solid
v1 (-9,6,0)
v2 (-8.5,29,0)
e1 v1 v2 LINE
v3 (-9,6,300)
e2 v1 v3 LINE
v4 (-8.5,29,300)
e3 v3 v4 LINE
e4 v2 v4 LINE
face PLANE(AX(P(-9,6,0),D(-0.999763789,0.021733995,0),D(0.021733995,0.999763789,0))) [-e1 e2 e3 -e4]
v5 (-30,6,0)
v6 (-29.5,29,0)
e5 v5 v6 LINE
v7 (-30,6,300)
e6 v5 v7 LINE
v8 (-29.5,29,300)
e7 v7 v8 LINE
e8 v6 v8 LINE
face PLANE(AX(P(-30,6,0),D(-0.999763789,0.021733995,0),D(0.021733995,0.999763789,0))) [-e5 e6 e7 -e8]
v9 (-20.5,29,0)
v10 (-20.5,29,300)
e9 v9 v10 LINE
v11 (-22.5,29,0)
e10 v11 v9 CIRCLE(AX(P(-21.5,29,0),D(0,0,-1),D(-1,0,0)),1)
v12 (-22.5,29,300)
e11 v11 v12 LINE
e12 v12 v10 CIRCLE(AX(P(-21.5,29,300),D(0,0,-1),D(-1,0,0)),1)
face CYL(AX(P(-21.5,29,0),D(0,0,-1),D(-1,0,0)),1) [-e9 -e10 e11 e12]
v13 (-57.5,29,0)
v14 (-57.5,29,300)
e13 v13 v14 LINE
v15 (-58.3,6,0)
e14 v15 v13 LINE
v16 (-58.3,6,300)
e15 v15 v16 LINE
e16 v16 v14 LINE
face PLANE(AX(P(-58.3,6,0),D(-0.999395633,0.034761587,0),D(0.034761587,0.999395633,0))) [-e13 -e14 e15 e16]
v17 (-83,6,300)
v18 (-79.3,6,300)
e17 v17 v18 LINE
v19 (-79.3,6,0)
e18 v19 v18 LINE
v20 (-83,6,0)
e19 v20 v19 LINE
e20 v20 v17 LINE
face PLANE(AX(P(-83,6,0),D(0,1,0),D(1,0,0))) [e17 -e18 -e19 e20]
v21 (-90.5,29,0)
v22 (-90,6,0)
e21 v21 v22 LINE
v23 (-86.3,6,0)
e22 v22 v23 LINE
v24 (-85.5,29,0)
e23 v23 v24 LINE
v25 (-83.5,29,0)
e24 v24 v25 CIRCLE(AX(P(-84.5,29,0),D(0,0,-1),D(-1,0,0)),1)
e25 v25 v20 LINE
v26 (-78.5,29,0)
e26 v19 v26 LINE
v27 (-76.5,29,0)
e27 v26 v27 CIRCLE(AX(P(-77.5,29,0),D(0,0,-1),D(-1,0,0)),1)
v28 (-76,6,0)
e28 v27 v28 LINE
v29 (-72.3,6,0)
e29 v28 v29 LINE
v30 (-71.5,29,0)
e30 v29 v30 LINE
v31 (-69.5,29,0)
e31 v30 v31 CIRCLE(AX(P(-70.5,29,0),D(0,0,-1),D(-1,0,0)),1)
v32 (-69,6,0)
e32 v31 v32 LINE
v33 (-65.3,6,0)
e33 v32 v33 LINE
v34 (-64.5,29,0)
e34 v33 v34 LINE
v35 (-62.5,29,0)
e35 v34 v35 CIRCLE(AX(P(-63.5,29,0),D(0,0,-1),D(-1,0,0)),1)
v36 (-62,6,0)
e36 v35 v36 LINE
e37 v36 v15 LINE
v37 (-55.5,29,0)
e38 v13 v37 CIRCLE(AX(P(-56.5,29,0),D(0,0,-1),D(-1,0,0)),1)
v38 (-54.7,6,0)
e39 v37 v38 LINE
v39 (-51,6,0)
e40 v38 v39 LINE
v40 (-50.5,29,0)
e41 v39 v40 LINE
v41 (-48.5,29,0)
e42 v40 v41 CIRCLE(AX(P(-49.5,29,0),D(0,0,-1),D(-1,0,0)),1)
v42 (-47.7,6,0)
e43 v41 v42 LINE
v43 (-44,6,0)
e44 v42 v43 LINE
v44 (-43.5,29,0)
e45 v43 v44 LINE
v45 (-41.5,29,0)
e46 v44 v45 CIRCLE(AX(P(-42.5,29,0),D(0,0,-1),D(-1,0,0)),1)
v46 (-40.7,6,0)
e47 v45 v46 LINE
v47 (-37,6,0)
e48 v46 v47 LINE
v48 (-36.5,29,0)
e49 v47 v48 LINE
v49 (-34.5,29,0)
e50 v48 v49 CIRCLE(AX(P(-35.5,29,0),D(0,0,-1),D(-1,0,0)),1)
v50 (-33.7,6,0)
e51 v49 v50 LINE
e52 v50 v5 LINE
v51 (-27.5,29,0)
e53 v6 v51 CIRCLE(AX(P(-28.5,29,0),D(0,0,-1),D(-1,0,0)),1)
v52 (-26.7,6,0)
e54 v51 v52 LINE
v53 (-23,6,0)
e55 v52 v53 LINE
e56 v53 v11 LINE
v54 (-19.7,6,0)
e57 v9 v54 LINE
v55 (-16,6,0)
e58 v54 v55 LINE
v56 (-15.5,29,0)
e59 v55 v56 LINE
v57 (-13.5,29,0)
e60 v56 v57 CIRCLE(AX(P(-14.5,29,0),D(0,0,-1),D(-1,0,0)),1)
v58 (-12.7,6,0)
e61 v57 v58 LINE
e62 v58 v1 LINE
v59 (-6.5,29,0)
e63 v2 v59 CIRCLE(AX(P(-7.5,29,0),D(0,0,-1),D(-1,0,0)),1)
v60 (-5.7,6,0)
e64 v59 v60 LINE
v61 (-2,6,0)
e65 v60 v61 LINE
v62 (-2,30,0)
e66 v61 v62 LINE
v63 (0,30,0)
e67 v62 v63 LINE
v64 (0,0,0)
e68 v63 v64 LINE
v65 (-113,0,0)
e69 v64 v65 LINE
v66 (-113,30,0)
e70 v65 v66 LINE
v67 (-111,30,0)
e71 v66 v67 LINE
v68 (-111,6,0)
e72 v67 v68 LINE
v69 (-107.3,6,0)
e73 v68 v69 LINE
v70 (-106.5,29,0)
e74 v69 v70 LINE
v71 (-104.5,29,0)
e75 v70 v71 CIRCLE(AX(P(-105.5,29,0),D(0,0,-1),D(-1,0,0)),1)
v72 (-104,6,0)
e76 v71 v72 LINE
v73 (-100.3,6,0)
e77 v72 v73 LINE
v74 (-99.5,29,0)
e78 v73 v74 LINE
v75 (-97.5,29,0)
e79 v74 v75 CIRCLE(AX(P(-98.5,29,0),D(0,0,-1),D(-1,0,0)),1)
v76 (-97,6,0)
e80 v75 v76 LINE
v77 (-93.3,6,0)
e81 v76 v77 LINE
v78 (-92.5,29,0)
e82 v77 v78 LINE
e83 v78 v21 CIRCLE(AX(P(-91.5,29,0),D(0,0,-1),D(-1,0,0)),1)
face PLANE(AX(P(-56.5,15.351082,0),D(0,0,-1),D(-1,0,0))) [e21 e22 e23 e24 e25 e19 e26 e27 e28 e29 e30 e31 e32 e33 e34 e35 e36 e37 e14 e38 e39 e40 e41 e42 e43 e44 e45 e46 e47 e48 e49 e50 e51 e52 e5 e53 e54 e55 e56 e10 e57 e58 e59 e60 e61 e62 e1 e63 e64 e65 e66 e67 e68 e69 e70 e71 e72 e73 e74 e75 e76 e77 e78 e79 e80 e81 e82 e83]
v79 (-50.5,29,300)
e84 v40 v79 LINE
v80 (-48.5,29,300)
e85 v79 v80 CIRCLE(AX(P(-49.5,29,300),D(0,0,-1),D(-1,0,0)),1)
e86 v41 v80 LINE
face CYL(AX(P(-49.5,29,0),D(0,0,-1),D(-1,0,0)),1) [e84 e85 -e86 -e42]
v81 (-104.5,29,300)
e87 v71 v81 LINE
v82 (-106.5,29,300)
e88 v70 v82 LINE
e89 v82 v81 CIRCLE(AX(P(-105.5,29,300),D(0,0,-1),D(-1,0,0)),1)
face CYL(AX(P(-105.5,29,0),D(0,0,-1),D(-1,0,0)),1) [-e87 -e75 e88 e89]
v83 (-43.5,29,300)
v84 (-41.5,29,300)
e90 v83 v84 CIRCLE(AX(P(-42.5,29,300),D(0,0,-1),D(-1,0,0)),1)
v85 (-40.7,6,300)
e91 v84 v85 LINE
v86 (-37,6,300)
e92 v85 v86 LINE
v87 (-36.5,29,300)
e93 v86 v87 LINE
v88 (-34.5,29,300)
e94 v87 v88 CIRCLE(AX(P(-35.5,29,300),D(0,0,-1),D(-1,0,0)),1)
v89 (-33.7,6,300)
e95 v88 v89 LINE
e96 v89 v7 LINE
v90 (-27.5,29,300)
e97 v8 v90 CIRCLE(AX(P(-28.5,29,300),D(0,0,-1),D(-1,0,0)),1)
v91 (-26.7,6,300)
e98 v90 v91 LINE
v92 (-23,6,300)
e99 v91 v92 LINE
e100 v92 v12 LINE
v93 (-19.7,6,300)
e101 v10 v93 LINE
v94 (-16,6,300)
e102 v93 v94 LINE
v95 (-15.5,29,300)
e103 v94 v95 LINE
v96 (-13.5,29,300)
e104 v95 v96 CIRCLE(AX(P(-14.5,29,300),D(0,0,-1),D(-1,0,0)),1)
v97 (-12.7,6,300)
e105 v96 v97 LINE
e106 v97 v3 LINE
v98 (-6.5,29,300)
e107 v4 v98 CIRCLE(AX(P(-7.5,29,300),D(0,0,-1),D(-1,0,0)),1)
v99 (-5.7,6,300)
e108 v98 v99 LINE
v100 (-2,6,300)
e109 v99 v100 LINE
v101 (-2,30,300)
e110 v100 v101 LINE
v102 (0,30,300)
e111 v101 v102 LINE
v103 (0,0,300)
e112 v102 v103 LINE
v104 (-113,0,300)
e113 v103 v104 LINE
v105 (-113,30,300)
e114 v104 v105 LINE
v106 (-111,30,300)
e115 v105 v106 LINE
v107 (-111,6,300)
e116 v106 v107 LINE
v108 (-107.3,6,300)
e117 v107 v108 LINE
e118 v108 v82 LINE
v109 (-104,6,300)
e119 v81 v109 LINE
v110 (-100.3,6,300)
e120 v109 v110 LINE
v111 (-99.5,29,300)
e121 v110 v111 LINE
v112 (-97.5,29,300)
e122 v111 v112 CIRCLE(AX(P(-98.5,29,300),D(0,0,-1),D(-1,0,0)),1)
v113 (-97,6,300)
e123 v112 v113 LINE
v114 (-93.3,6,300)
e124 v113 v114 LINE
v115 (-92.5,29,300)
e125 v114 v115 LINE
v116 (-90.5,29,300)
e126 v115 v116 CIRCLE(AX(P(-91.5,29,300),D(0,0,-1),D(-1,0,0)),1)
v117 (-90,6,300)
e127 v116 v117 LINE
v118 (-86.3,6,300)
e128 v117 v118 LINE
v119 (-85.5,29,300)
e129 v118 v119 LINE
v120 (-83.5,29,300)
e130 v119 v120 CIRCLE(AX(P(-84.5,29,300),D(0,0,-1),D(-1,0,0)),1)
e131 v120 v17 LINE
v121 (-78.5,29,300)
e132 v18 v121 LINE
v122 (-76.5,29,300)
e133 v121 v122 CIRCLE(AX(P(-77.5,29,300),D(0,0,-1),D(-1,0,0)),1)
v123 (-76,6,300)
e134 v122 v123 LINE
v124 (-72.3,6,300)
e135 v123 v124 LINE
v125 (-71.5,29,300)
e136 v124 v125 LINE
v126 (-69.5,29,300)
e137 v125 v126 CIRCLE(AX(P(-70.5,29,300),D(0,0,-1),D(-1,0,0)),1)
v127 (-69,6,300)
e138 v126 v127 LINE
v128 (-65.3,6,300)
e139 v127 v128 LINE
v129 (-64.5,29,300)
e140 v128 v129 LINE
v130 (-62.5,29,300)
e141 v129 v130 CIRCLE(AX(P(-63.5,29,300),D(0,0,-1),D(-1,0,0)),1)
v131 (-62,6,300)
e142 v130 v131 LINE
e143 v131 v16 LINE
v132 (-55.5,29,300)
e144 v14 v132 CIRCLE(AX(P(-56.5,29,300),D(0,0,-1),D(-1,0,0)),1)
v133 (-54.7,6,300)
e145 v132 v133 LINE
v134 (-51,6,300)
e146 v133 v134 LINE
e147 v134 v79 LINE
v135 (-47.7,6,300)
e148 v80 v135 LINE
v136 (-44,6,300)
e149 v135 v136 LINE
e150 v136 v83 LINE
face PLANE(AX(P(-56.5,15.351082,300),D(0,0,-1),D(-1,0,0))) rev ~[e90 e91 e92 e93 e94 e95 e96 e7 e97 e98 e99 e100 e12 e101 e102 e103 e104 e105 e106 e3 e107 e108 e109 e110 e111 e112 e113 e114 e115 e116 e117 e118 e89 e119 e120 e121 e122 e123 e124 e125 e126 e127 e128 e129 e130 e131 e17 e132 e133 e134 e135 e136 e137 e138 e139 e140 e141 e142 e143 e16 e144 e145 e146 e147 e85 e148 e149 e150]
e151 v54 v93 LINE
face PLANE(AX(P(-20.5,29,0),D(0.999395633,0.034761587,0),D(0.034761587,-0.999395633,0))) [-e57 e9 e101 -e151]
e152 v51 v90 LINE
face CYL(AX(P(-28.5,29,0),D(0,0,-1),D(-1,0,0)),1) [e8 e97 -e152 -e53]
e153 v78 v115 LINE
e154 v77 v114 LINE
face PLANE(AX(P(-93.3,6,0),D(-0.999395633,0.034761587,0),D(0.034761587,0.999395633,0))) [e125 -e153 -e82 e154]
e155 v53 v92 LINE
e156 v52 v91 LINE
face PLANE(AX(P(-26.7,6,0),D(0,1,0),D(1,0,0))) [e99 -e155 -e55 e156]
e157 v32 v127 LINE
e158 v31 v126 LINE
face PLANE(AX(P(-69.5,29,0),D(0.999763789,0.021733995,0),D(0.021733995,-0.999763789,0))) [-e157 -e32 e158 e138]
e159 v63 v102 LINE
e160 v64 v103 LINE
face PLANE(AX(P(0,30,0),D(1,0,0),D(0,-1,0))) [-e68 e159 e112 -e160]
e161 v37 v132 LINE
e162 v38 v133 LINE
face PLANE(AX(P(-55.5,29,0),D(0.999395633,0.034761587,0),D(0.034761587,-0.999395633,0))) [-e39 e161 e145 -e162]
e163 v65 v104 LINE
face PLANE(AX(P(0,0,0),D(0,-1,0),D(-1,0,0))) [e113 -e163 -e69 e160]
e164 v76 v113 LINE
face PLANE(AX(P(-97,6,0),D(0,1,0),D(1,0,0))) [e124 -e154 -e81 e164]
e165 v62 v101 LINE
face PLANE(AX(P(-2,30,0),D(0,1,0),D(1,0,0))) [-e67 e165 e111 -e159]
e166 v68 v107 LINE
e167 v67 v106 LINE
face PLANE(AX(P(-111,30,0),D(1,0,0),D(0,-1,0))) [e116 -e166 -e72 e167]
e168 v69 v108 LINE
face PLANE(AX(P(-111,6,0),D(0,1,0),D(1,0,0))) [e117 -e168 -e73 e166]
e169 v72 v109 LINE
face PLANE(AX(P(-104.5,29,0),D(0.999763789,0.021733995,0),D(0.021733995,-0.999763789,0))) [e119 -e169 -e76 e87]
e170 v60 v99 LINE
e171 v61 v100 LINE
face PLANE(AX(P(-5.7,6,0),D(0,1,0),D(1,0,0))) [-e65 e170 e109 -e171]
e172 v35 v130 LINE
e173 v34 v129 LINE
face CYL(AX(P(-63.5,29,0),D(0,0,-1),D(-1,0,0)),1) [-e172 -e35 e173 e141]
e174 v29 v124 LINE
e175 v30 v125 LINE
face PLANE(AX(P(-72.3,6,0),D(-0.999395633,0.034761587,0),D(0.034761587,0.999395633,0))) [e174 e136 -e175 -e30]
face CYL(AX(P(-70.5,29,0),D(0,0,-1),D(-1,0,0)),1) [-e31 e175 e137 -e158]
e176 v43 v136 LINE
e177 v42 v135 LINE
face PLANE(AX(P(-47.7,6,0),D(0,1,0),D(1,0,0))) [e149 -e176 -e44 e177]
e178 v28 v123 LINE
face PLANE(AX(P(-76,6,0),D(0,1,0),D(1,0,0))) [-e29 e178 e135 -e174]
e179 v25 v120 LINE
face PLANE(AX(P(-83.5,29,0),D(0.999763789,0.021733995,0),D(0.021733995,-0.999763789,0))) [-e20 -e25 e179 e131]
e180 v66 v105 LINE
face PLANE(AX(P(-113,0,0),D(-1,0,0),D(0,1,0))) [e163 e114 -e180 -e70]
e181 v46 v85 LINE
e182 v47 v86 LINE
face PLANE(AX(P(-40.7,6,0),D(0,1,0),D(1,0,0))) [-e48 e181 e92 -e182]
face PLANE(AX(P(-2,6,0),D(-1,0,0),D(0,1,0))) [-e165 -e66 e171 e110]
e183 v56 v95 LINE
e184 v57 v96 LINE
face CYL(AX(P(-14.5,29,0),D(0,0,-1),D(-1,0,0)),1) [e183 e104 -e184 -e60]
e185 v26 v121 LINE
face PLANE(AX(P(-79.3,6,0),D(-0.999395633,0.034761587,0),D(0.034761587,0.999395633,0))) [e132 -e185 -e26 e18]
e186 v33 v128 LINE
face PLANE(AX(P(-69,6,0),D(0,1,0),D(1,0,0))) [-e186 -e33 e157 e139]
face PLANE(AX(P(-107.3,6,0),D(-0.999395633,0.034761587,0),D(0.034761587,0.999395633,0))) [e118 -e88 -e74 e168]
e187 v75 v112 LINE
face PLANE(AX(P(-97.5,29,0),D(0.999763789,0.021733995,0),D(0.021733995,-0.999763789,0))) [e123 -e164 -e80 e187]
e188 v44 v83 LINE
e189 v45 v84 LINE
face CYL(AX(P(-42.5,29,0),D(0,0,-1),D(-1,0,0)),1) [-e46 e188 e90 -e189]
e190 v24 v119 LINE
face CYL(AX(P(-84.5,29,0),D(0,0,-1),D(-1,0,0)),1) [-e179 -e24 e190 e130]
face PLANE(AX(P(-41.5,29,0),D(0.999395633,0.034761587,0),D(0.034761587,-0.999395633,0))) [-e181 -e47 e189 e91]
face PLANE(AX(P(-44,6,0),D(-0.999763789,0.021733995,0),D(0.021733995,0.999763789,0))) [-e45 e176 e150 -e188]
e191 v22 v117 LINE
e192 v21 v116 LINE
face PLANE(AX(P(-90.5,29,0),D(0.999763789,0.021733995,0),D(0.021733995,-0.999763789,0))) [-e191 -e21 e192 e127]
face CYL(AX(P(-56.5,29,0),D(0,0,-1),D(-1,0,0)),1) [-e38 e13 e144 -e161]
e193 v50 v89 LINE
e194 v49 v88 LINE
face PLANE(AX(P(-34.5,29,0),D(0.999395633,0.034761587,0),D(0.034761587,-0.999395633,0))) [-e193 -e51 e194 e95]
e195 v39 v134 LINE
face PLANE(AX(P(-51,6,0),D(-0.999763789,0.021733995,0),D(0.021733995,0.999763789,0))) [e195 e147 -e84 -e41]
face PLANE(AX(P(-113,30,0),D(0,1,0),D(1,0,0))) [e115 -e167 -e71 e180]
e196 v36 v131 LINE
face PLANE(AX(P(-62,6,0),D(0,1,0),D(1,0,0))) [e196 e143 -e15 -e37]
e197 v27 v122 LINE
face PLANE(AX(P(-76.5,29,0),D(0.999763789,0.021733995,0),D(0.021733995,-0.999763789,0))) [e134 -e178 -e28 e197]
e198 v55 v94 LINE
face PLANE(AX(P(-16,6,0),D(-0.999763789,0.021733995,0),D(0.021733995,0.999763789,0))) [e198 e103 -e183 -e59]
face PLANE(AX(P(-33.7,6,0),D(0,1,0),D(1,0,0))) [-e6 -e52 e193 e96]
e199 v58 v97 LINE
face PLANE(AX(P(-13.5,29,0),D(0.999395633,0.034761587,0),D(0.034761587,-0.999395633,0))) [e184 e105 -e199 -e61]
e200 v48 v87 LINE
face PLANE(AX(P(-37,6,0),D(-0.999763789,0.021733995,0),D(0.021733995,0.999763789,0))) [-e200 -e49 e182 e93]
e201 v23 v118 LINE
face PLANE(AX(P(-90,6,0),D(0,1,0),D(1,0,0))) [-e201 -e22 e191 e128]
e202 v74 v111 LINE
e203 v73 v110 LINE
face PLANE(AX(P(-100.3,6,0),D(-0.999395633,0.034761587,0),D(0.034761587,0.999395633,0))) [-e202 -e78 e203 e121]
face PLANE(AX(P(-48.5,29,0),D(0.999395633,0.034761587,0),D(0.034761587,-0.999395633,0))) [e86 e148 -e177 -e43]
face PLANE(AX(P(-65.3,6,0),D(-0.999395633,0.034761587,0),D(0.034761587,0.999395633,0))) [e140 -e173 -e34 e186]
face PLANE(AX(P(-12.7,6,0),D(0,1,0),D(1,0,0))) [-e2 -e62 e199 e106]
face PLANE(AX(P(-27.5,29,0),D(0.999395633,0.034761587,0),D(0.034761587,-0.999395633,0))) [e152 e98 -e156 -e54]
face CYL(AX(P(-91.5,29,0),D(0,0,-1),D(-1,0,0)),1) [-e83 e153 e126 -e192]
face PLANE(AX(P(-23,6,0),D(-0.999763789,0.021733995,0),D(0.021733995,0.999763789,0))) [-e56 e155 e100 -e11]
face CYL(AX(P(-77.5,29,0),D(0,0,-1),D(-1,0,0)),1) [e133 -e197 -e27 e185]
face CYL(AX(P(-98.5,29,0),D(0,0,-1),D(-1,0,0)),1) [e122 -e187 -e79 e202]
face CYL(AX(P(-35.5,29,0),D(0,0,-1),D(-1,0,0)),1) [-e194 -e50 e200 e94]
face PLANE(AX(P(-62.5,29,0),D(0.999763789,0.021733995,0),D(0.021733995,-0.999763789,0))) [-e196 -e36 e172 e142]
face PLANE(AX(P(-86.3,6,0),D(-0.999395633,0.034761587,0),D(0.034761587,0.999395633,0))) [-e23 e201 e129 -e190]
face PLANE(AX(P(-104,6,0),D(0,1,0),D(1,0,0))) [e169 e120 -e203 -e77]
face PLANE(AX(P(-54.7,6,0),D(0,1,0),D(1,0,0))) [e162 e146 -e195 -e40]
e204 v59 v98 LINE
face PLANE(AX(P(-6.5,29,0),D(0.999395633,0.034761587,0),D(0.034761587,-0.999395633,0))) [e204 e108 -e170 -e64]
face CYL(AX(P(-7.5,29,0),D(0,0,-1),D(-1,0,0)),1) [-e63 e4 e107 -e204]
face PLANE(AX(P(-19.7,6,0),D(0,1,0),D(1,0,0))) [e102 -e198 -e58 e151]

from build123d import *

# Parameters (mm, degrees)
RESSALTO_EXTRUS_O1_DEPTH = 300


with BuildPart() as part:
    # Esboço1 → Ressalto-extrusão1 (new body)
    with BuildSketch(Plane.XY):
        with BuildLine():
            Line((0, 0), (-113, 0))
            Line((-113, 0), (-113, 30))
            Line((-113, 30), (-111, 30))
            Line((-111, 30), (-111, 6))
            Line((-111, 6), (-107.3, 6))
            Line((-107.3, 6), (-106.5, 29))
            ThreePointArc((-106.5, 29), (-105.5, 30), (-104.5, 29))
            Line((-104.5, 29), (-104, 6))
            Line((-104, 6), (-100.3, 6))
            Line((-100.3, 6), (-99.5, 29))
            ThreePointArc((-99.5, 29), (-98.5, 30), (-97.5, 29))
            Line((-97.5, 29), (-97, 6))
            Line((-97, 6), (-93.3, 6))
            Line((-93.3, 6), (-92.5, 29))
            ThreePointArc((-92.5, 29), (-91.5, 30), (-90.5, 29))
            Line((-90.5, 29), (-90, 6))
            Line((-90, 6), (-86.3, 6))
            Line((-86.3, 6), (-85.5, 29))
            ThreePointArc((-85.5, 29), (-84.5, 30), (-83.5, 29))
            Line((-83.5, 29), (-83, 6))
            Line((-83, 6), (-79.3, 6))
            Line((-79.3, 6), (-78.5, 29))
            ThreePointArc((-78.5, 29), (-77.5, 30), (-76.5, 29))
            Line((-76.5, 29), (-76, 6))
            Line((-76, 6), (-72.3, 6))
            Line((-72.3, 6), (-71.5, 29))
            ThreePointArc((-71.5, 29), (-70.5, 30), (-69.5, 29))
            Line((-69.5, 29), (-69, 6))
            Line((-69, 6), (-65.3, 6))
            Line((-65.3, 6), (-64.5, 29))
            ThreePointArc((-64.5, 29), (-63.5, 30), (-62.5, 29))
            Line((-62.5, 29), (-62, 6))
            Line((-62, 6), (-58.3, 6))
            Line((-58.3, 6), (-57.5, 29))
            ThreePointArc((-57.5, 29), (-56.5, 30), (-55.5, 29))
            Line((-55.5, 29), (-54.7, 6))
            Line((-54.7, 6), (-51, 6))
            Line((-51, 6), (-50.5, 29))
            ThreePointArc((-50.5, 29), (-49.5, 30), (-48.5, 29))
            Line((-48.5, 29), (-47.7, 6))
            Line((-47.7, 6), (-44, 6))
            Line((-44, 6), (-43.5, 29))
            ThreePointArc((-43.5, 29), (-42.5, 30), (-41.5, 29))
            Line((-41.5, 29), (-40.7, 6))
            Line((-40.7, 6), (-37, 6))
            Line((-37, 6), (-36.5, 29))
            ThreePointArc((-36.5, 29), (-35.5, 30), (-34.5, 29))
            Line((-34.5, 29), (-33.7, 6))
            Line((-33.7, 6), (-30, 6))
            Line((-30, 6), (-29.5, 29))
            ThreePointArc((-29.5, 29), (-28.5, 30), (-27.5, 29))
            Line((-27.5, 29), (-26.7, 6))
            Line((-26.7, 6), (-23, 6))
            Line((-23, 6), (-22.5, 29))
            ThreePointArc((-22.5, 29), (-21.5, 30), (-20.5, 29))
            Line((-20.5, 29), (-19.7, 6))
            Line((-19.7, 6), (-16, 6))
            Line((-16, 6), (-15.5, 29))
            ThreePointArc((-15.5, 29), (-14.5, 30), (-13.5, 29))
            Line((-13.5, 29), (-12.7, 6))
            Line((-12.7, 6), (-9, 6))
            Line((-9, 6), (-8.5, 29))
            ThreePointArc((-8.5, 29), (-7.5, 30), (-6.5, 29))
            Line((-6.5, 29), (-5.7, 6))
            Line((-5.7, 6), (-2, 6))
            Line((-2, 6), (-2, 30))
            Line((-2, 30), (0, 30))
            Line((0, 30), (0, 0))
        make_face()
    extrude(amount=RESSALTO_EXTRUS_O1_DEPTH)


solid = part.part
